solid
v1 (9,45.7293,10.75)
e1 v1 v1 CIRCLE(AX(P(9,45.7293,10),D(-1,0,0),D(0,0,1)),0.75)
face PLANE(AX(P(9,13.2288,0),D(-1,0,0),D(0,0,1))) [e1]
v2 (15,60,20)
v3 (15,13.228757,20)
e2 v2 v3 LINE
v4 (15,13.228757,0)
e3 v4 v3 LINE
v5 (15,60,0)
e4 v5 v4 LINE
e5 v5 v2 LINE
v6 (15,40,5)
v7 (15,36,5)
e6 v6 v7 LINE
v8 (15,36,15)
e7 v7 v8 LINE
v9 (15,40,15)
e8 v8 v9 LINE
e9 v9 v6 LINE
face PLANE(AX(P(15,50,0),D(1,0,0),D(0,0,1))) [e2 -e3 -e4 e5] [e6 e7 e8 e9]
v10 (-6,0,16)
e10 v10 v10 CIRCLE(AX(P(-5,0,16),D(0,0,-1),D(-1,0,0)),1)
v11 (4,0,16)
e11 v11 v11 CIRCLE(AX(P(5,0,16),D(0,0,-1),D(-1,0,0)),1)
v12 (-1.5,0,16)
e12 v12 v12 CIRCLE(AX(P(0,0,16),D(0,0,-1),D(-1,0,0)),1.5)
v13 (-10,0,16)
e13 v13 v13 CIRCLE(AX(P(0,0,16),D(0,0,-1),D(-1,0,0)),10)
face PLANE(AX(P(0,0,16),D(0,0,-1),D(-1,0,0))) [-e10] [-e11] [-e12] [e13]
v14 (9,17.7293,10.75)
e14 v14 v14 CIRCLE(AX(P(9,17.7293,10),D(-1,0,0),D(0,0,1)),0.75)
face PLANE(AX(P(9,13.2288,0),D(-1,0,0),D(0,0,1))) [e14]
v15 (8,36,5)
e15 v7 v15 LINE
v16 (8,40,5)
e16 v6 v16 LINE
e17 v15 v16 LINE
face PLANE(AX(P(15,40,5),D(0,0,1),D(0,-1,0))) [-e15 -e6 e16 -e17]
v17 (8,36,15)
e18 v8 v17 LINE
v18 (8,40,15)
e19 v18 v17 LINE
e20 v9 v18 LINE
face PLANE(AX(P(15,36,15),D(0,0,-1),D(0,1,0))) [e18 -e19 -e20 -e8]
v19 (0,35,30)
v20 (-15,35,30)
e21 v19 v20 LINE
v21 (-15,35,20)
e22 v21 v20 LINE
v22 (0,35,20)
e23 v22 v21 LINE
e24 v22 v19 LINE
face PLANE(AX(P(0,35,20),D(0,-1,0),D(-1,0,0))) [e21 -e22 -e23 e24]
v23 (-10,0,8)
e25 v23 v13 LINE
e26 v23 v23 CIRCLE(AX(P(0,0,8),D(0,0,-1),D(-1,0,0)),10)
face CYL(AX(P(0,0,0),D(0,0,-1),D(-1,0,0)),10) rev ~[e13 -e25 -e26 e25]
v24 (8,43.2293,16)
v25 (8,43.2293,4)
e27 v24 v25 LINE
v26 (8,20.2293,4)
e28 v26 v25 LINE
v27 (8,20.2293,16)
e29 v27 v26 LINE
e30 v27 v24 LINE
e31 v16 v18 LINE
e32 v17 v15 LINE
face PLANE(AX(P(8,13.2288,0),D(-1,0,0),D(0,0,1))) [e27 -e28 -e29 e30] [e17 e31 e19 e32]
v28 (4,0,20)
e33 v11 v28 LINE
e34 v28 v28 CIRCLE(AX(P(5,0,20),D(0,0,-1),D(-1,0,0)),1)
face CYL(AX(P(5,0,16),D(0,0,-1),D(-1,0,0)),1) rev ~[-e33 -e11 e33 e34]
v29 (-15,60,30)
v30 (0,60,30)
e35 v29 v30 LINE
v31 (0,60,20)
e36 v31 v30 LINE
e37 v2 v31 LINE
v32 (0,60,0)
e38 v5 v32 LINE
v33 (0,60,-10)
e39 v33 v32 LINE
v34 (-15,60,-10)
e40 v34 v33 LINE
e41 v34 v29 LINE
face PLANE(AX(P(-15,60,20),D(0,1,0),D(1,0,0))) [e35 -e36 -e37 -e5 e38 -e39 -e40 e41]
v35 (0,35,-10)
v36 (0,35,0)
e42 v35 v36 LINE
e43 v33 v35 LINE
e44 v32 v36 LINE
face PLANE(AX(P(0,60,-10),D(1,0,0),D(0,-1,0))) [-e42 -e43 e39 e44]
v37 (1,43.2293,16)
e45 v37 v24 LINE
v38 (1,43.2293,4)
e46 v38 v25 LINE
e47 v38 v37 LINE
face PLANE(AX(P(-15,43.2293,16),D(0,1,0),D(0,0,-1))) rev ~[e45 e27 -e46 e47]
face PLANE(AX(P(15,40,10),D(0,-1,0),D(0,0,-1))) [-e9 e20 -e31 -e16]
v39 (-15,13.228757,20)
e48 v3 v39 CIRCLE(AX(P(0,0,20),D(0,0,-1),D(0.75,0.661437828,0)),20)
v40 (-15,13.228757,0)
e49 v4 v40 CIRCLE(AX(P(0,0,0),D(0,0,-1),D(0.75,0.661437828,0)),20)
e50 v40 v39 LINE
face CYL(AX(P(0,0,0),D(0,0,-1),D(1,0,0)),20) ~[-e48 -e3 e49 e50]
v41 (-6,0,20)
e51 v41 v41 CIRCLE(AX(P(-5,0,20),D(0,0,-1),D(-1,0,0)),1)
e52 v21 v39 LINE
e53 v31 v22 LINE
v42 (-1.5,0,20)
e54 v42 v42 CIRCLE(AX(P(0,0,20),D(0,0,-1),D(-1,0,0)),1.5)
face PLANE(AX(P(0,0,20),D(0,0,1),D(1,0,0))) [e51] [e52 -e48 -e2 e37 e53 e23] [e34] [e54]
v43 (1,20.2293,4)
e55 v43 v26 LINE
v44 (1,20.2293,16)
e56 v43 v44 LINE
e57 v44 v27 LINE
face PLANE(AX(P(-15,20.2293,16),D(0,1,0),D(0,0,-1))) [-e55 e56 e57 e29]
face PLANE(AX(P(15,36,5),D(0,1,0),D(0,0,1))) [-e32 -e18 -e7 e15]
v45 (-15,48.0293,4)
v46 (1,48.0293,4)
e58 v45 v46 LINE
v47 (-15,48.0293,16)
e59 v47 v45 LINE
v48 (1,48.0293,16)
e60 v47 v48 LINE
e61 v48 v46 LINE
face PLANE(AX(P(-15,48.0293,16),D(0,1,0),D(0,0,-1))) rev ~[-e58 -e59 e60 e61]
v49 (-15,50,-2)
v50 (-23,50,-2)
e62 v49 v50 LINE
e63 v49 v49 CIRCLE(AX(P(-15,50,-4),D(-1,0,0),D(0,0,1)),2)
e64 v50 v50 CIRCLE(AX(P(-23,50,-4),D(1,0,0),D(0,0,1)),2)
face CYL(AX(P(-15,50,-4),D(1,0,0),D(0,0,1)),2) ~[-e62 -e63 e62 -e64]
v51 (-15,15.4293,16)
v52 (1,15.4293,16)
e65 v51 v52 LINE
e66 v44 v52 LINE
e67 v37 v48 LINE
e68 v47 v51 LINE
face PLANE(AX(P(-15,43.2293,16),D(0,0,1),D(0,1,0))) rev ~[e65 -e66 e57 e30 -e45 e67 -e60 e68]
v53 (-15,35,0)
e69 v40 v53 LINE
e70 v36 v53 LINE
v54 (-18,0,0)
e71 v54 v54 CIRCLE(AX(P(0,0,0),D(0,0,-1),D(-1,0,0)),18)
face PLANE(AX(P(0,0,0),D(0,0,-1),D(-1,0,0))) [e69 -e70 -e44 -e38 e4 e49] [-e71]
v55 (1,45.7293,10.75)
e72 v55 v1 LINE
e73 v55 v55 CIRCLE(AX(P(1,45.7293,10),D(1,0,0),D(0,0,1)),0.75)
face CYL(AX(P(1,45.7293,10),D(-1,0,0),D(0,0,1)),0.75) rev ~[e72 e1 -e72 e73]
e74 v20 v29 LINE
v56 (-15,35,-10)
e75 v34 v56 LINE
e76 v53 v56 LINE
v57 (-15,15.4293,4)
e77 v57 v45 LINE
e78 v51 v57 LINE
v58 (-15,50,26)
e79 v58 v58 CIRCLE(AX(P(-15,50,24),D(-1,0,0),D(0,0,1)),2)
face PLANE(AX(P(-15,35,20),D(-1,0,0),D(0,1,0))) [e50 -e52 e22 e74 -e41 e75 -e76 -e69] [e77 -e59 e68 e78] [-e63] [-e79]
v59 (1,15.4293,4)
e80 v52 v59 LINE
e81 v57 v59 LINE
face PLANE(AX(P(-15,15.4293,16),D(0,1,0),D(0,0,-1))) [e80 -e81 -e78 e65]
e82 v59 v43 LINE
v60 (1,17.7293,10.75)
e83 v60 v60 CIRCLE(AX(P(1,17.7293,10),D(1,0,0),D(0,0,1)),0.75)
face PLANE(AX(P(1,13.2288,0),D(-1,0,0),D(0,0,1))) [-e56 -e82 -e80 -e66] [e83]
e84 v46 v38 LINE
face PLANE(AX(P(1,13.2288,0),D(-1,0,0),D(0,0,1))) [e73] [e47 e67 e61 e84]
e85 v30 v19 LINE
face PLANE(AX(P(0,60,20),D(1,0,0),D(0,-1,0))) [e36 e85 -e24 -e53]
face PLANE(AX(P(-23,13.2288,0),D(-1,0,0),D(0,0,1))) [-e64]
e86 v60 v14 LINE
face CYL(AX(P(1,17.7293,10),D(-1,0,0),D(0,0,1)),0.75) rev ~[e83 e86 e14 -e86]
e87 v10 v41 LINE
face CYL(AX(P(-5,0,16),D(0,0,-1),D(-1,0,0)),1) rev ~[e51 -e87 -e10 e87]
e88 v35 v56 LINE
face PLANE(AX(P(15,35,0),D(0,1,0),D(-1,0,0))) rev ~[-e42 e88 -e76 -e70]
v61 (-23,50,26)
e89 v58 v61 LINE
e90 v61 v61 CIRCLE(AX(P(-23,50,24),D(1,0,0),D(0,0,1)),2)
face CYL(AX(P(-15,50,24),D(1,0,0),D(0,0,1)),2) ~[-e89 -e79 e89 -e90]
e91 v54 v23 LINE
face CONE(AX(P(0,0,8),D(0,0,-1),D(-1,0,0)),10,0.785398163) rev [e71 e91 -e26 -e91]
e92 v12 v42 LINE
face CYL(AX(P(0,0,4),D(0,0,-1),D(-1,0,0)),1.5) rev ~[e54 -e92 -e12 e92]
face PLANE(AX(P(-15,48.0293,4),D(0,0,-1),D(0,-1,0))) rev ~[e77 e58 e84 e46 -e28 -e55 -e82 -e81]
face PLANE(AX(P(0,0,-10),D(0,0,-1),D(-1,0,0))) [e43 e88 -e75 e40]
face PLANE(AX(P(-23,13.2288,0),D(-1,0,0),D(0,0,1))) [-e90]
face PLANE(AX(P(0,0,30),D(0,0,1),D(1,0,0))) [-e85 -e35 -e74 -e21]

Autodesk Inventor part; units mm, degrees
ref_plane "YZ Plane" through (0, 0, 0) normal (1, 0, 0) x (0, 1, 0)
ref_plane "XZ Plane" through (0, 0, 0) normal (0, 1, 0) x (-1, 0, 0)
ref_plane "XY Plane" through (0, 0, 0) normal (0, 0, 1) x (1, 0, 0)
sketch "Sketch1" plane through (0, 0, 0) normal (0, 0, 1) x (1, 0, 0)
  circle A0 centre (0, 0) radius 10
  circle A1 centre (0, 0) radius 20
  line L0 (-15, 0) -> (15, 0)
  line L1 (15, 0) -> (15, 50)
  line L2 (15, 50) -> (-15, 50)
  line L3 (-15, 50) -> (-15, 0)
  point P0 (-15, 13.2288)
  point P1 (15, 13.2288)
  dimension "d0" = 20
  dimension "d1" = 40
  dimension "d2" = 30
  dimension "d3" = 50
extrude "Extrusion1" add sketch "Sketch1" along normal blind 20
sketch "Sketch2" plane through (0, 0, 20) normal (0, 0, 1) x (1, 0, 0)
  circle A0 centre (0, 0) radius 10
  dimension "d6" = 20
extrude "Extrusion2" cut sketch "Sketch2" against normal blind 15
sketch "Sketch4" plane through (-15, 13.2288, 0) normal (-1, 0, 0) x (0, 0, 1)
  line L0 (0, 36.7712) -> (20, 36.7712) projected
  line L1 (0, 0) -> (0, 36.7712) projected
  line L2 (20, 36.7712) -> (0, 36.7712)
  line L3 (0, 36.7712) -> (0, 0)
  line L4 (0, 0) -> (20, 0)
  line L5 (20, 0) -> (20, 36.7712)
  line L6 (0, 0) -> (20, 0) projected
  line L7 (20, 36.7712) -> (10, 36.7712)
  line L8 (10, 36.7712) -> (10, 0)
  line L9 (10, 0) -> (20, 0)
  line L10 (20, 0) -> (20, 36.7712)
  line L11 (10, 0) -> (16, 0)
  line L12 (16, 0) -> (16, 25)
  line L13 (16, 25) -> (10, 25)
  line L14 (10, 25) -> (10, 0)
  line L15 (10, 25) -> (4, 25)
  line L16 (4, 25) -> (4, 0)
  line L17 (4, 0) -> (10, 0)
  line L18 (10, 0) -> (10, 25)
  line L19 (4, 25) -> (16, 25)
  line L20 (16, 25) -> (16, 30.0005)
  line L21 (16, 30.0005) -> (4, 30.0005)
  line L22 (4, 30.0005) -> (4, 25)
  line L23 (4, 30.0005) -> (16, 30.0005)
  line L24 (16, 30.0005) -> (16, 7.0005)
  line L25 (16, 7.0005) -> (4, 7.0005)
  line L26 (4, 7.0005) -> (4, 30.0005)
  line L27 (10, 7.0005) -> (16, 7.0005)
  line L28 (16, 7.0005) -> (16, 0)
  line L29 (16, 0) -> (10, 0)
  line L30 (10, 0) -> (10, 7.0005)
  point P0 (0, -13.2288)
  dimension "d13" = 6
  dimension "d14" = 25
  dimension "d15" = 6
  dimension "d16" = 23
extrude "Extrusion3" cut sketch "Sketch4" against normal blind 23 contours L21 L20 L13 L8 | L8 L15 L22 L21 | L13 L12 L25 L8 | L8 L25 L16 L15
sketch "Sketch6" plane through (-15, 13.2288, 0) normal (-1, 0, 0) x (0, 0, 1)
  line L0 (4, 7.0005) -> (4, 30.0005) projected
  line L1 (4, 7.0005) -> (16, 7.0005)
  line L2 (16, 7.0005) -> (16, 2.2005)
  line L3 (16, 2.2005) -> (4, 2.2005)
  line L4 (4, 2.2005) -> (4, 7.0005)
  line L5 (4, 30.0005) -> (16, 30.0005)
  line L6 (16, 30.0005) -> (16, 34.8005)
  line L7 (16, 34.8005) -> (4, 34.8005)
  line L8 (4, 34.8005) -> (4, 30.0005)
  point P0 (0, -13.2288)
  dimension "d19" = 12
  dimension "d20" = 4.8
  dimension "d21" = 4.8
extrude "Extrusion4" cut sketch "Sketch6" against normal blind 16
sketch "Sketch7" plane through (1, 13.2288, 0) normal (-1, 0, 0) x (0, 0, 1)
  line L0 (4, 30.0005) -> (16, 30.0005) projected
  line L1 (4, 30.0005) -> (10, 30.0005)
  line L2 (10, 30.0005) -> (10, 32.5005)
  line L3 (10, 32.5005) -> (4, 32.5005)
  line L4 (4, 32.5005) -> (4, 30.0005)
  circle A0 centre (10, 32.5005) radius 0.75
  line L5 (16, 7.0005) -> (4, 7.0005) projected
  line L6 (16, 7.0005) -> (16, 2.2005) projected
  line L7 (4, 7.0005) -> (16, 7.0005)
  line L8 (16, 7.0005) -> (16, 4.5005)
  line L9 (16, 4.5005) -> (4, 4.5005)
  line L10 (4, 4.5005) -> (4, 7.0005)
  line L11 (10, 4.5005) -> (4, 4.5005)
  line L12 (4, 4.5005) -> (4, 7.0005)
  line L13 (4, 7.0005) -> (10, 7.0005)
  line L14 (10, 7.0005) -> (10, 4.5005)
  circle A1 centre (10, 4.5005) radius 0.75
  point P0 (0, -13.2288)
  dimension "d24" = 2.5
  dimension "d25" = 1.5
  dimension "d26" = 2.5
  dimension "d27" = 1.5
extrude "Extrusion5" cut sketch "Sketch7" against normal blind 8 contours A0 L3 L2 | L2 L3 A0 | A1 L9 L14 | L14 L9 A1 | A1 L9
sketch "Sketch8" plane through (15, 13.2288, 0) normal (1, 0, 0) x (0, 0, -1)
  line L0 (0, 36.7712) -> (0, 0) projected
  line L1 (-20, 36.7712) -> (-20, 0) projected
  line L2 (0, 36.7712) -> (-20, 36.7712)
  line L3 (-20, 36.7712) -> (-20, 26.7712)
  line L4 (-20, 26.7712) -> (0, 26.7712)
  line L5 (0, 26.7712) -> (0, 36.7712)
  line L6 (0, 26.7712) -> (-20, 26.7712)
  line L7 (-20, 26.7712) -> (-20, 18.7712)
  line L8 (-20, 18.7712) -> (0, 18.7712)
  line L9 (0, 18.7712) -> (0, 26.7712)
  line L10 (0, 26.7712) -> (-10, 26.7712)
  line L11 (-10, 26.7712) -> (-10, 18.7712)
  line L12 (-10, 18.7712) -> (0, 18.7712)
  line L13 (0, 18.7712) -> (0, 26.7712)
  line L14 (-10, 26.7712) -> (-5, 26.7712)
  line L15 (-5, 26.7712) -> (-5, 22.7712)
  line L16 (-5, 22.7712) -> (-10, 22.7712)
  line L17 (-10, 22.7712) -> (-10, 26.7712)
  line L18 (-10, 22.7712) -> (-15, 22.7712)
  line L19 (-15, 22.7712) -> (-15, 26.7712)
  line L20 (-15, 26.7712) -> (-10, 26.7712)
  line L21 (-10, 26.7712) -> (-10, 22.7712)
  point P0 (0, -13.2288)
  dimension "d30" = 10
  dimension "d31" = 8
  dimension "d32" = 5
  dimension "d33" = 5
extrude "Extrusion6" cut sketch "Sketch8" against normal blind 15.8125 contours L15 L16 L11 L4 | L11 L18 L19 L4
sketch "Sketch9" plane through (0, 0, 5) normal (0, 0, 1) x (1, 0, 0)
  circle A0 centre (0, 0) radius 1
  circle A1 centre (7, 0) radius 1.5
  circle A2 centre (0, 0) radius 1.5
  circle A3 centre (-7, 0) radius 1.5
  dimension "d36" = 2
  dimension "d37" = 3
  dimension "d38" = 3
  dimension "d39" = 3
extrude "Extrusion7" cut sketch "Sketch9" against normal blind 8 contours A0 | A1 | A2 | A3
sketch "Sketch10" plane through (-15, 50, 0) normal (0, 1, 0) x (1, 0, 0)
  line L0 (0, 0) -> (0, -20) projected
  line L1 (0, 0) -> (29.4792, 0)
  line L2 (29.4792, 0) -> (29.4792, -20)
  line L3 (29.4792, -20) -> (0, -20)
  line L4 (0, -20) -> (0, 0)
  point P0 (15, 0)
extrude "Extrusion8" add sketch "Sketch10" along normal blind 10
sketch "Sketch11" plane through (0, 0, 0) normal (0, 0, -1) x (-1, 0, 0)
  line L0 (15, 13.2288) -> (15, 60) projected
  line L1 (-15, 13.2288) -> (-15, 50) projected
  line L2 (15, 60) -> (-15, 60)
  line L3 (-15, 60) -> (-15, 45)
  line L4 (-15, 45) -> (15, 45)
  line L5 (15, 45) -> (15, 60)
  line L6 (15, 45) -> (-15, 45)
  line L7 (-15, 45) -> (-15, 35)
  line L8 (-15, 35) -> (15, 35)
  line L9 (15, 35) -> (15, 45)
  point P0 (0, 0)
  dimension "d47" = 15
  dimension "d48" = 10
sketch "Sketch12" plane through (14.4792, 50, 20) normal (1, 0, 0) x (0, 0, -1)
  line L0 (20, 0) -> (20, 10) projected
  line L1 (0, 0) -> (20, 0)
  line L2 (20, 0) -> (20, 10)
  line L3 (20, 10) -> (0, 10)
  line L4 (0, 10) -> (0, 0)
  point P0 (20, -50)
extrude "Extrusion9" cut sketch "Sketch12" against normal blind 59.6125
sketch "Sketch13" plane through (-15, 50, 0) normal (0, 1, 0) x (1, 0, 0)
  line L0 (30, 0) -> (30, -20) projected
  line L1 (0, 0) -> (30, 0)
  line L2 (30, 0) -> (30, -20)
  line L3 (30, -20) -> (0, -20)
  line L4 (0, -20) -> (0, 0)
  point P0 (15, 0)
extrude "Extrusion10" add sketch "Sketch13" along normal blind 10
extrude "Extrusion11" add sketch "Sketch11" along normal blind 10
sketch "Sketch15" plane through (0, 0, 20) normal (0, 0, 1) x (1, 0, 0)
  line L0 (-15, 60) -> (15, 60) projected
  line L1 (-15, 60) -> (0, 60)
  line L2 (0, 60) -> (0, 35)
  line L3 (0, 35) -> (-15, 35)
  line L4 (-15, 35) -> (-15, 60)
  point P0 (0, 0)
  dimension "d56" = 25
extrude "Extrusion12" add sketch "Sketch15" along normal blind 10
sketch "Sketch16" plane through (0, 0, -10) normal (0, 0, -1) x (-1, 0, 0)
  line L0 (-15, 13.2288) -> (-15, 60) projected
  line L1 (0, 35) -> (15, 35) projected
  line L2 (-15, 60) -> (0, 60)
  line L3 (0, 60) -> (0, 35)
  line L4 (0, 35) -> (-15, 35)
  line L5 (-15, 35) -> (-15, 60)
  point P0 (0, 0)
extrude "Extrusion13" cut sketch "Sketch16" against normal blind 10
sketch "Sketch17" plane through (-15, 13.2288, 0) normal (-1, 0, 0) x (0, 0, 1)
  line L0 (0, 0) -> (0, 46.7712) projected
  line L1 (0, 46.7712) -> (10, 46.7712)
  line L2 (10, 46.7712) -> (10, 23.4712)
  line L3 (10, 23.4712) -> (0, 23.4712)
  line L4 (0, 23.4712) -> (0, 46.7712)
  circle A0 centre (10, 23.4712) radius 10
  line L5 (20, 46.7712) -> (30, 46.7712) projected
  line L6 (20, 0) -> (20, 46.7712) projected
  line L7 (30, 46.7712) -> (20, 46.7712)
  line L8 (20, 46.7712) -> (20, 36.7712)
  line L9 (20, 36.7712) -> (30, 36.7712)
  line L10 (30, 36.7712) -> (30, 46.7712)
  line L11 (30, 46.7712) -> (24, 46.7712)
  line L12 (24, 46.7712) -> (24, 36.7712)
  line L13 (24, 36.7712) -> (30, 36.7712)
  line L14 (30, 36.7712) -> (30, 46.7712)
  circle A1 centre (24, 36.7712) radius 2
  line L15 (30, 46.7712) -> (-10, 46.7712) projected
  line L16 (-10, 46.7712) -> (-4, 46.7712)
  line L17 (-4, 46.7712) -> (-4, 36.7712)
  line L18 (-4, 36.7712) -> (-10, 36.7712)
  line L19 (-10, 36.7712) -> (-10, 46.7712)
  circle A2 centre (-4, 36.7712) radius 2
  point P0 (0, -13.2288)
  dimension "d61" = 23.3
  dimension "d62" = 20
  dimension "d63" = 10
  dimension "d64" = 6
  dimension "d65" = 4
  dimension "d66" = 6
  dimension "d67" = 4
extrude "Extrusion14" add sketch "Sketch17" along normal blind 8 contours A2 L18 L17 | L17 L18 A2 | A1 L12 L9 | L9 A1 | L12 A1 L9
sketch "Sketch18" plane through (0, 0, 20) normal (0, 0, 1) x (1, 0, 0)
  circle A0 centre (0, 0) radius 10
extrude "Extrusion15" add sketch "Sketch18" against normal blind 16
sketch "Sketch19" plane through (0, 0, 0) normal (0, 0, -1) x (-1, 0, 0)
  circle A0 centre (0, 0) radius 1.5 projected
  circle A1 centre (0, 0) radius 10
  dimension "d72" = 20
extrude "Extrusion16" cut sketch "Sketch19" against normal blind 16
sketch "Sketch20" plane through (0, 0, 4) normal (0, 0, -1) x (-1, 0, 0)
  circle A0 centre (0, 0) radius 1.5 projected
  circle A1 centre (0, 0) radius 1.5
extrude "Extrusion17" cut sketch "Sketch20" against normal blind 30.0375
sketch "Sketch21" plane through (0, 0, 16) normal (0, 0, -1) x (-1, 0, 0)
  circle A0 centre (5, 0) radius 1
  circle A1 centre (-5, 0) radius 1
  point P0 (0, 0)
  dimension "d77" = 2
  dimension "d78" = 2
extrude "Extrusion18" cut sketch "Sketch21" against normal blind 138.2375
chamfer "Chamfer2" distance 8 angle 45 1 edges at (10, 0, 0)
properties part number "EndConnector"
